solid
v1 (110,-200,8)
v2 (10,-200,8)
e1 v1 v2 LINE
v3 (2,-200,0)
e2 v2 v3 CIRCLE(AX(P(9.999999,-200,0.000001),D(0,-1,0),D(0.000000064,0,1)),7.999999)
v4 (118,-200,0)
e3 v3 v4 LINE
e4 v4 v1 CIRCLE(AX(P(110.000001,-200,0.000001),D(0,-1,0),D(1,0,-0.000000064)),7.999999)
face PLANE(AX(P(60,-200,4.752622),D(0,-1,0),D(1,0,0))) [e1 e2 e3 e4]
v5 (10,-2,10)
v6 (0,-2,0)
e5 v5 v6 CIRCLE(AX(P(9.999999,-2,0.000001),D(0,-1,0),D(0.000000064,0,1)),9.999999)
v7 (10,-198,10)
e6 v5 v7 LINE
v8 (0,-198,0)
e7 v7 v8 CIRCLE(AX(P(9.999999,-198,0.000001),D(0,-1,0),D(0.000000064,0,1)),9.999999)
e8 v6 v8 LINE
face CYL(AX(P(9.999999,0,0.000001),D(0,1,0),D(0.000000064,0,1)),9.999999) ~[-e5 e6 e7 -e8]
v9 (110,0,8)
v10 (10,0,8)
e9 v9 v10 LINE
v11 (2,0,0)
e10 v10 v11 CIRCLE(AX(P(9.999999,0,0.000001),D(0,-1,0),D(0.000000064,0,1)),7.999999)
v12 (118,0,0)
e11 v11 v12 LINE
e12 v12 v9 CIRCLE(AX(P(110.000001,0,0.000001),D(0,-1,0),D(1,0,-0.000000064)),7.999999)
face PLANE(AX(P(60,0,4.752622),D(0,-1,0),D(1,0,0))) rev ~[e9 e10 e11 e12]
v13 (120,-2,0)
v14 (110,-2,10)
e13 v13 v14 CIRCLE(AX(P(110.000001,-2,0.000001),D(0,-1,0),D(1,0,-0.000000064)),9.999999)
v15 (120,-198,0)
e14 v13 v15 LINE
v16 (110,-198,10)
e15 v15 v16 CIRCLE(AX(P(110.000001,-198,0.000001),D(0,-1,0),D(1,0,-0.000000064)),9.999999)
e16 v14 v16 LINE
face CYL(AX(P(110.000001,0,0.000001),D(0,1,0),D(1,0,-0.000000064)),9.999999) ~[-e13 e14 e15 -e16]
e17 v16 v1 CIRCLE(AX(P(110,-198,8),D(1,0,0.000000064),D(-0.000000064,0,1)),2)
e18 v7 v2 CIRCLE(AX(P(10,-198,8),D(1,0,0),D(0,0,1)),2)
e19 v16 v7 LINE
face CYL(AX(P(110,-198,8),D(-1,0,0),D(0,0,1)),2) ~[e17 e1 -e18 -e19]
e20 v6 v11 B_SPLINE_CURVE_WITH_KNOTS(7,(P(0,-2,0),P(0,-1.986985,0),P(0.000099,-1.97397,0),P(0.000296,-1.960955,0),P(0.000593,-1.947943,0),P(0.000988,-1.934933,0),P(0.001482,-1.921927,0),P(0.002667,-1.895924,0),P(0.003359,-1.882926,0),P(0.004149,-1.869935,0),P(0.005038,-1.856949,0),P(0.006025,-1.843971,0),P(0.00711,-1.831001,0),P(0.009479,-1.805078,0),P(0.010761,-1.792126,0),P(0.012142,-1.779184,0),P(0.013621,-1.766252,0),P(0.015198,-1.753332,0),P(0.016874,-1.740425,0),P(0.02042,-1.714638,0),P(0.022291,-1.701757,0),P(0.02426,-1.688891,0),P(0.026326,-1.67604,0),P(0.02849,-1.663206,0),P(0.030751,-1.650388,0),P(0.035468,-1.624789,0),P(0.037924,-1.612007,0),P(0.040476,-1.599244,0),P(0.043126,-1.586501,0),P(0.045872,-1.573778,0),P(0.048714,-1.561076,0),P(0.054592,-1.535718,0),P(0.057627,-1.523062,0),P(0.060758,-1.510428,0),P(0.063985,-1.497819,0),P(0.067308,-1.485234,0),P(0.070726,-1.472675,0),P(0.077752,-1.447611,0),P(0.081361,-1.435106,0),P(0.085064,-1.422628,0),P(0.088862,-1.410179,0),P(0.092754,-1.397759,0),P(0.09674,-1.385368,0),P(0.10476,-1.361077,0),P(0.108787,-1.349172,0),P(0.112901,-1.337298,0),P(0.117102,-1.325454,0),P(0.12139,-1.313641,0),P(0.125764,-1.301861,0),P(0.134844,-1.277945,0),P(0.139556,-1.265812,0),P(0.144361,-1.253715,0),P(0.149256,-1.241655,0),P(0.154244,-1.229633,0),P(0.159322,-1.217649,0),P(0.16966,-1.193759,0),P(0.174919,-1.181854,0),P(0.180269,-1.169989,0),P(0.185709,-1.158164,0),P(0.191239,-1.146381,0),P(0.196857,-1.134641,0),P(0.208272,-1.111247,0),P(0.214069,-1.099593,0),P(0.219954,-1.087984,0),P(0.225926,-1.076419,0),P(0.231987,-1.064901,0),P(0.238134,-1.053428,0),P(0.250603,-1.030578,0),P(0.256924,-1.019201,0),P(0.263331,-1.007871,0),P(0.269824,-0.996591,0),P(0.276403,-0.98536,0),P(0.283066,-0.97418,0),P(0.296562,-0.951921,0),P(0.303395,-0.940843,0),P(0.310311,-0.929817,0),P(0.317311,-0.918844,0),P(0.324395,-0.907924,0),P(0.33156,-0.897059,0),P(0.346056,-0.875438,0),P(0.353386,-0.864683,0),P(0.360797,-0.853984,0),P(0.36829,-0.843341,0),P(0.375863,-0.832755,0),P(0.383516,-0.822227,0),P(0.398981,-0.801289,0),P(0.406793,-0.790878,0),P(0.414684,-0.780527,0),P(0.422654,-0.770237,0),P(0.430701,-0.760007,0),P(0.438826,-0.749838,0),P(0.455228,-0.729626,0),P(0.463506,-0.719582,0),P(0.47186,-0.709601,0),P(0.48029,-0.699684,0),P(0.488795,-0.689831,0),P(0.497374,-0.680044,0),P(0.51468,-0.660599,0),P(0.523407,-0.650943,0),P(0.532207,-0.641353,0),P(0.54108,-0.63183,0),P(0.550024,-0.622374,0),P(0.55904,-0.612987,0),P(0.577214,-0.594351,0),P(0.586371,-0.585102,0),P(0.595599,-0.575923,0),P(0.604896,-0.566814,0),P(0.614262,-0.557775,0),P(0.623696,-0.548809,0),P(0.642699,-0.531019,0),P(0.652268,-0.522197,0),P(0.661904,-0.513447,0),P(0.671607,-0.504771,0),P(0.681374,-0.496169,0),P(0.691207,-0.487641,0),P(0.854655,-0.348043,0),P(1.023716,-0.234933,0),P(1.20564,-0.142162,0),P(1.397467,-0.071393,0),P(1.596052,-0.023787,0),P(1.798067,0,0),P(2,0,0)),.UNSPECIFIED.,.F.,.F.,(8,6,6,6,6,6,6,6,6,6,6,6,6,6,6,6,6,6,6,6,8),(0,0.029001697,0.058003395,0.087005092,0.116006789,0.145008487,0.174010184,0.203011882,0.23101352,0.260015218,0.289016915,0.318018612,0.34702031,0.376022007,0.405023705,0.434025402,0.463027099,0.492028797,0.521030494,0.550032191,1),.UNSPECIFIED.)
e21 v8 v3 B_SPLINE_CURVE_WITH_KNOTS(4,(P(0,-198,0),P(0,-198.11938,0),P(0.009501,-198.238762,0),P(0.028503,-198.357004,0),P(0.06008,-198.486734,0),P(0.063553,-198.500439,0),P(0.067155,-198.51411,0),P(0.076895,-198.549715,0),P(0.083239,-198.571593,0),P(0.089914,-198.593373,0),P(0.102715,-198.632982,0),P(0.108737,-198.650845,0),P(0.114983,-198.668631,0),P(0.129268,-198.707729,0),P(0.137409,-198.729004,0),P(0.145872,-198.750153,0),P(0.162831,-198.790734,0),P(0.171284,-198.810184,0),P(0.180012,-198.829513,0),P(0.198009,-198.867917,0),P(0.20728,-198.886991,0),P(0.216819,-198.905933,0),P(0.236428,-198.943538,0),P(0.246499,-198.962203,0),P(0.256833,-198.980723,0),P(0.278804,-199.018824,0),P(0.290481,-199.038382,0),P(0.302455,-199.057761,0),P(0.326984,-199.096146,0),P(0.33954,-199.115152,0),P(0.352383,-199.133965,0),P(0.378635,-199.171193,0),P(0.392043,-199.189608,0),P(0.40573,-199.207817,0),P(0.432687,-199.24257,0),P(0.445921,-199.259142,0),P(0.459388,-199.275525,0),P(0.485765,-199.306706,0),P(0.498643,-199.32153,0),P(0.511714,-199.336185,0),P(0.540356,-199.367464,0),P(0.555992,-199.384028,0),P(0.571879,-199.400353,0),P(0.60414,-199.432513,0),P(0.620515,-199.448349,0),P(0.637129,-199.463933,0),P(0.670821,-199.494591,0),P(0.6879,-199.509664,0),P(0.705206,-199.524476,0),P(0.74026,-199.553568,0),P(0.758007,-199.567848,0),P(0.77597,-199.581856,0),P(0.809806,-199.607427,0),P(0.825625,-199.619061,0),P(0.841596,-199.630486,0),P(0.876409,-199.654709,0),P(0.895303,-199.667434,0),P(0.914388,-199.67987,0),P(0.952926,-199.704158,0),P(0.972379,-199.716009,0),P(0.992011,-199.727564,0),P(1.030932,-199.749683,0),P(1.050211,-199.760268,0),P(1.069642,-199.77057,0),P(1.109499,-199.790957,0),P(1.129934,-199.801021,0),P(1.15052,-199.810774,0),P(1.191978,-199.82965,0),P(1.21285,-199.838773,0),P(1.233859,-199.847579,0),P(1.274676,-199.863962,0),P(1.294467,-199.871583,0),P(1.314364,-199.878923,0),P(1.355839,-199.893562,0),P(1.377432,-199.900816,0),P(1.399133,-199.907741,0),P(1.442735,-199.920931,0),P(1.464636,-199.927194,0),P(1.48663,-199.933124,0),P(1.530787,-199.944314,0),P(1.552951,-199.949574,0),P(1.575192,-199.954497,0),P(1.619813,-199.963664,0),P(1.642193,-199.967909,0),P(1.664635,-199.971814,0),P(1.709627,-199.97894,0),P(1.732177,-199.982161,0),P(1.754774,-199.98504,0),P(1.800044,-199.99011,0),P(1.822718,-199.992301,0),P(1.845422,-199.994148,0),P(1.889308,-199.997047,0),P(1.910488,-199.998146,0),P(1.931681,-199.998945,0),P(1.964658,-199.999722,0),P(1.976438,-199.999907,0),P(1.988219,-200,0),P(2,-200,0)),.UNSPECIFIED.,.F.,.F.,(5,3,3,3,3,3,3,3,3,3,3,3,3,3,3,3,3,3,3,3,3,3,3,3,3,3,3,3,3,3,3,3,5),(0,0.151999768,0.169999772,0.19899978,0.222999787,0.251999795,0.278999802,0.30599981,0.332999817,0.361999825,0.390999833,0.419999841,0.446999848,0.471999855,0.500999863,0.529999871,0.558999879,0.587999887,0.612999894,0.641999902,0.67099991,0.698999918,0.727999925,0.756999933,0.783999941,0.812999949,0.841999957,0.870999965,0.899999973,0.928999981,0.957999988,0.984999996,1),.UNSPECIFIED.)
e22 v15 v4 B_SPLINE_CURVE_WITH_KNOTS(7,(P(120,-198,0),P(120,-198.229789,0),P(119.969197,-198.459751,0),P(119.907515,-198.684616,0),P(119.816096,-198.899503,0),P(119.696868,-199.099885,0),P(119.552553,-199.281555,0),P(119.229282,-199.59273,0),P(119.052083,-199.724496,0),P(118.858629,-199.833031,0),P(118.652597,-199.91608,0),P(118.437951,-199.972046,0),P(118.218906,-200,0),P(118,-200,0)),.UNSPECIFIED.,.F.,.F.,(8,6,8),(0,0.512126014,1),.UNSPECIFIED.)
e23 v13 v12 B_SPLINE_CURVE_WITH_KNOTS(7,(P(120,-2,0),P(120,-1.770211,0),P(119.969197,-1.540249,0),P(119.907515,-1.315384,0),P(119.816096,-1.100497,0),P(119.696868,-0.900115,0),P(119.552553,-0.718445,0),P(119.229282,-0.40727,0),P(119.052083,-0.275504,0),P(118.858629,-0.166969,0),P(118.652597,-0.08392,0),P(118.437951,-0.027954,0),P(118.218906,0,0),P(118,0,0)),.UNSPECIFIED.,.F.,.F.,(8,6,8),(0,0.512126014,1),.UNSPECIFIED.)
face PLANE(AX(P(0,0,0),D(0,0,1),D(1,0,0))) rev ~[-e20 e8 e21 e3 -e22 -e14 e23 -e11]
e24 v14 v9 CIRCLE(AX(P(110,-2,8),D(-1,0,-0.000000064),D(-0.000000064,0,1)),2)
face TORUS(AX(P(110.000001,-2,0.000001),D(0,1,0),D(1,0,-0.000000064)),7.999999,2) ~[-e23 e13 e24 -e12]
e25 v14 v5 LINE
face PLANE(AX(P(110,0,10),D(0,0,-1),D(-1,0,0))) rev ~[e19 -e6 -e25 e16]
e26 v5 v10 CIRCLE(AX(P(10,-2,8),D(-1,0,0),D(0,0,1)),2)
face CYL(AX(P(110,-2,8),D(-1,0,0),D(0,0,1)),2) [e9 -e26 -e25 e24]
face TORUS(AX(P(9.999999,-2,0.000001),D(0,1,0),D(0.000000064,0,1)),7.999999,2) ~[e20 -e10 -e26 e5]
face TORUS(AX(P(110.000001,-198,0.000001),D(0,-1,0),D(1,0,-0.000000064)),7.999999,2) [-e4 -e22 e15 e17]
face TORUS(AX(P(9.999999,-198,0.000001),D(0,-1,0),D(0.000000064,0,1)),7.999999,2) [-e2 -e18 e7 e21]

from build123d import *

# Parameters (mm, degrees)
F1_DEPTH = 200
F2_R     = 2
F3_R     = 2


with BuildPart() as f1:
    # F0 (on Front) → F1 (new body)
    with BuildSketch(Plane.XZ):
        with BuildLine():
            ThreePointArc((10, 10), (2.928932, 7.071068), (0, 0))
            Line((0, 0), (120, 0))
            ThreePointArc((120, 0), (117.071068, 7.071068), (110, 10))
            Line((110, 10), (10, 10))
        make_face()
    extrude(amount=F1_DEPTH)

    # F2
    f2_edges = [f1.edges().sort_by_distance(p)[0] for p in [
        (60, -200, 10),
    ]]
    fillet(f2_edges, radius=F2_R)

    # F3
    f3_edges = [f1.edges().sort_by_distance(p)[0] for p in [
        (60, 0, 10),
    ]]
    fillet(f3_edges, radius=F3_R)


solid = f1.part
